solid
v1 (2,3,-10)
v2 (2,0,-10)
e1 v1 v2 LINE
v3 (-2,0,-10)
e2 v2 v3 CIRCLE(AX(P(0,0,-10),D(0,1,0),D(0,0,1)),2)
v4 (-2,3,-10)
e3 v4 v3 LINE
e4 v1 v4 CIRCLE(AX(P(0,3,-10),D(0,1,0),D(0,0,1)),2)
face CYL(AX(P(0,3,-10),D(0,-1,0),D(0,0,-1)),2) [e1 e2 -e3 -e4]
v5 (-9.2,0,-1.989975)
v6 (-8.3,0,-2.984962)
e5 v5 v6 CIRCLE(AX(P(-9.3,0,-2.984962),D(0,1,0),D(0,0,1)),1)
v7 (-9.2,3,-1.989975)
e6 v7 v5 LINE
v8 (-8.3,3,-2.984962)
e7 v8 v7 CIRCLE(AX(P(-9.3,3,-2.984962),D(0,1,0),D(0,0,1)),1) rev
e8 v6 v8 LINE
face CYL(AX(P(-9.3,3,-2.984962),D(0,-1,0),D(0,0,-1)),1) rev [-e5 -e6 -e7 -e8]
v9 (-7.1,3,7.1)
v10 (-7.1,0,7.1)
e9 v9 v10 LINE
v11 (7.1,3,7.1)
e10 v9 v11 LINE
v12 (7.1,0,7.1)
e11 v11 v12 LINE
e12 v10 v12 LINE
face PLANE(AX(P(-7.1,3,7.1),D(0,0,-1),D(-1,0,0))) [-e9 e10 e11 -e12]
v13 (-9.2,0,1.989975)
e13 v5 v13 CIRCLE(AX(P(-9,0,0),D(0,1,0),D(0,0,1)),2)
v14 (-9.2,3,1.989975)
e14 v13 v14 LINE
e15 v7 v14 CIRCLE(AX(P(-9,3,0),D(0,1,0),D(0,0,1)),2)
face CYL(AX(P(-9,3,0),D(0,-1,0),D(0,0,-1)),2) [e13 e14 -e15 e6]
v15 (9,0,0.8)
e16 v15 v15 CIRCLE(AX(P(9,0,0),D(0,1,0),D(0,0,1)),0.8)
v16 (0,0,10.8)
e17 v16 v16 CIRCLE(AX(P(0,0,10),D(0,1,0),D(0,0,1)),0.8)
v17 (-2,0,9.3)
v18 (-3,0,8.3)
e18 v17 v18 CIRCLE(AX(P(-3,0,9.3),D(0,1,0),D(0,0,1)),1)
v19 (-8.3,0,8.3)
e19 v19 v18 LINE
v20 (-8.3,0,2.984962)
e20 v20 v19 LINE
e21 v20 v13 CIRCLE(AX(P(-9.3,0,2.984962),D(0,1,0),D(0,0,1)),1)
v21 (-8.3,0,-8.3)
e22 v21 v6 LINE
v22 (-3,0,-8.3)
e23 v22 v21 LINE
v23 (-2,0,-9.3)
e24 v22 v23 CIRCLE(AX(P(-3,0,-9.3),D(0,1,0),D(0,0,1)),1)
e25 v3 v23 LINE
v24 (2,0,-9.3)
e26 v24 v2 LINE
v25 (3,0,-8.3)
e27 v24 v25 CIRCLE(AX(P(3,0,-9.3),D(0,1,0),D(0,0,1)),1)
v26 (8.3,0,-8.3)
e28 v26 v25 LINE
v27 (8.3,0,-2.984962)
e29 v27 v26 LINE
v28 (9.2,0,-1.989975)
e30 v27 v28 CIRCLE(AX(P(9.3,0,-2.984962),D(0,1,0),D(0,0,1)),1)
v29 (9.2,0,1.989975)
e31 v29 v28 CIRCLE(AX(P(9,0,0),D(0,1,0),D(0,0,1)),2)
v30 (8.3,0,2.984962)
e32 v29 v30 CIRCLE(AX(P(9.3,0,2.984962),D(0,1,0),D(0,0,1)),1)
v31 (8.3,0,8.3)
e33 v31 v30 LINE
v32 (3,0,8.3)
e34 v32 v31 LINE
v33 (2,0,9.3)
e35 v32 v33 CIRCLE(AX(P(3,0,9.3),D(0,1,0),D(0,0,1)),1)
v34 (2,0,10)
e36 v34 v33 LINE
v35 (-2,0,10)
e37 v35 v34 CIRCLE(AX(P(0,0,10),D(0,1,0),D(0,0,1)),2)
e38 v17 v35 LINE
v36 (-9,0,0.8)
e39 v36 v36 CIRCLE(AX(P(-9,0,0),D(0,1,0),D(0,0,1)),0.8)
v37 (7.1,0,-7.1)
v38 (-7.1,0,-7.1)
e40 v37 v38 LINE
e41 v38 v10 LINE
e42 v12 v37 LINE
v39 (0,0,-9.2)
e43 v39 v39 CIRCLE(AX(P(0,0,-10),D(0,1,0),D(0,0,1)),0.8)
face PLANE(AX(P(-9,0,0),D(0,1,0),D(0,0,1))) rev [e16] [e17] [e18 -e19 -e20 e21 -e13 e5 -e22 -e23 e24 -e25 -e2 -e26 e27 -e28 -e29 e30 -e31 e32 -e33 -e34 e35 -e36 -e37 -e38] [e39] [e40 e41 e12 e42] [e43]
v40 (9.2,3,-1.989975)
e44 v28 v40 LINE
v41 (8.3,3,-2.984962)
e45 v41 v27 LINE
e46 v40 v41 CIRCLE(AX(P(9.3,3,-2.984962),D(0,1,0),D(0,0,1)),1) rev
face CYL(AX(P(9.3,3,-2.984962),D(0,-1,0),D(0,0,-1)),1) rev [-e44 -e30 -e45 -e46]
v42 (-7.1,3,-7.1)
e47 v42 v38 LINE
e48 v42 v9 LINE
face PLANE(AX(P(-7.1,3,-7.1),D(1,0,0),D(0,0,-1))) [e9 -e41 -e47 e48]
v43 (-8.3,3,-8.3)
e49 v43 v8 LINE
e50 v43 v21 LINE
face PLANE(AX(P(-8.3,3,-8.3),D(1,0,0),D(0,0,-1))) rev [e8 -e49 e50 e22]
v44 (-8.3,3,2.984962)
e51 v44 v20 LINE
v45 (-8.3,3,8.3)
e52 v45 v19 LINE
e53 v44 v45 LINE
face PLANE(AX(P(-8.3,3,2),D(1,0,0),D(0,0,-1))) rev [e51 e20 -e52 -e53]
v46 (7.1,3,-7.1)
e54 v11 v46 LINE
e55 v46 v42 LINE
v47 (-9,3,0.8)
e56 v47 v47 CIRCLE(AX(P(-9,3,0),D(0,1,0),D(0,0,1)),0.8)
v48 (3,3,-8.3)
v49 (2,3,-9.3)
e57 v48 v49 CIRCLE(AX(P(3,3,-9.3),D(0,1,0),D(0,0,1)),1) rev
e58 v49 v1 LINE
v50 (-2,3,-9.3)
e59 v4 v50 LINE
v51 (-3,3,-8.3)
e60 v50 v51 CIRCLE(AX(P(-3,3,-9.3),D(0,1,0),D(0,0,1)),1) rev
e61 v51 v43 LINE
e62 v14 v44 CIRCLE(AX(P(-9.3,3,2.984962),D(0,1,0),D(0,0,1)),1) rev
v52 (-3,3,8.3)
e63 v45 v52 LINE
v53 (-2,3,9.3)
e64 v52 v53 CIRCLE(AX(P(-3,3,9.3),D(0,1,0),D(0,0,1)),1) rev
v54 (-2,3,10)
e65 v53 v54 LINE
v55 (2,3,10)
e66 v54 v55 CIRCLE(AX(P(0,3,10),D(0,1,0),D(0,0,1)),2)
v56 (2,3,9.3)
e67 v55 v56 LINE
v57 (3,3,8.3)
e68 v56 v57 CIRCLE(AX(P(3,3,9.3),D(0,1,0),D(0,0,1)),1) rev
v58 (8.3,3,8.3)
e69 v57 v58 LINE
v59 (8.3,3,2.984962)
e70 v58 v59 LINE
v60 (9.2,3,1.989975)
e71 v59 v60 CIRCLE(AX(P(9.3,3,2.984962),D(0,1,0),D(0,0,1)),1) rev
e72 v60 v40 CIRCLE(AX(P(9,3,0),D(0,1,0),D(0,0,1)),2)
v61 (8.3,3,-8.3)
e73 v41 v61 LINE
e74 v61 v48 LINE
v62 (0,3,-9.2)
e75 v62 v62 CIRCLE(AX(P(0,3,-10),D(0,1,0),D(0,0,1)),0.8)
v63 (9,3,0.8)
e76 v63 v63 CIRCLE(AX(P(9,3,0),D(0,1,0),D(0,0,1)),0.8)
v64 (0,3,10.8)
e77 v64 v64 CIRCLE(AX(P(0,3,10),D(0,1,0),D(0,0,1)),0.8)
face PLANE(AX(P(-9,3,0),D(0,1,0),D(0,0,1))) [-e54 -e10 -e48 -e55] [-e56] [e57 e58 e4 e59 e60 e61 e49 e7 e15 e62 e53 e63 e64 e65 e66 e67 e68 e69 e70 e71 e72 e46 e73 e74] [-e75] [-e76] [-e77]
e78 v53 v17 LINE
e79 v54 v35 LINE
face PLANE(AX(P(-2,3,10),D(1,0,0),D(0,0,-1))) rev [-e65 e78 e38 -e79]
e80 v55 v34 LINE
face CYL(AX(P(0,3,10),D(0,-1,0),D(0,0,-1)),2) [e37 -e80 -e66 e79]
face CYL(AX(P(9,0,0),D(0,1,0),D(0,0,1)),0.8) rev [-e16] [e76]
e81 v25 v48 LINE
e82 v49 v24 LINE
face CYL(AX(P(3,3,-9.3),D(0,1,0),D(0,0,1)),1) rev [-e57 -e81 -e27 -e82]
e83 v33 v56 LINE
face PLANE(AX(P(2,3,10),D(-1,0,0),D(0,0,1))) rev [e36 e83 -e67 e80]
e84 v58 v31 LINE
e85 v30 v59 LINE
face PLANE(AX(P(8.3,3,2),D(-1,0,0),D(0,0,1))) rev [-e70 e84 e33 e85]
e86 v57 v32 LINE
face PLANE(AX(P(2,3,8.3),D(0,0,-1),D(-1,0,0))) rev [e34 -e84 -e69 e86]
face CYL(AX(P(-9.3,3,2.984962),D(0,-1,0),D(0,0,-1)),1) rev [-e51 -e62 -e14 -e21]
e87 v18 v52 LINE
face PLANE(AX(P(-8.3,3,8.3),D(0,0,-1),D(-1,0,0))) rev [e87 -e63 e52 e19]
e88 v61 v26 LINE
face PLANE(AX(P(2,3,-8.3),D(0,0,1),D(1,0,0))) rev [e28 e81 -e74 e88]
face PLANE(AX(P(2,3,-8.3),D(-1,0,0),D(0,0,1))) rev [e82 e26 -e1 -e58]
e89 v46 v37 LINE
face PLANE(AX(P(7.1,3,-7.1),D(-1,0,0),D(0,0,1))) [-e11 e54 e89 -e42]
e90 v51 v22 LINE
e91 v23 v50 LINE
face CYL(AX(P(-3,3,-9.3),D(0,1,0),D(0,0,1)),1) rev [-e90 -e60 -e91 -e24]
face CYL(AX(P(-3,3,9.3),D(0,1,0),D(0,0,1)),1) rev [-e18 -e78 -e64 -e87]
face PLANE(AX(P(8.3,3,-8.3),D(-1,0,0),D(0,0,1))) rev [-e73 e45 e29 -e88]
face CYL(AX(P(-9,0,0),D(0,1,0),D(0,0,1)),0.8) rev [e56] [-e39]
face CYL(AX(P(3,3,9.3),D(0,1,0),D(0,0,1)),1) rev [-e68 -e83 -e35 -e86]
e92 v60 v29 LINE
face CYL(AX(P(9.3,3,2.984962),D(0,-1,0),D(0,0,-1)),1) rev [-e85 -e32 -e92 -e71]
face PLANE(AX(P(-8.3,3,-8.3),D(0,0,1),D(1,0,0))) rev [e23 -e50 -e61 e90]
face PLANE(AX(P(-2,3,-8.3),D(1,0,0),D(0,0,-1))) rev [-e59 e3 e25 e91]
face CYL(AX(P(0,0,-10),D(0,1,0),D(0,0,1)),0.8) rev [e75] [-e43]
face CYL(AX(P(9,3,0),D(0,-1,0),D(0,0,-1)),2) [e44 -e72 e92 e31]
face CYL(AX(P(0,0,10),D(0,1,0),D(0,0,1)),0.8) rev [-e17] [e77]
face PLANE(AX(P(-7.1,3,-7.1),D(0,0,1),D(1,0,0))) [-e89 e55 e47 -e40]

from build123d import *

# Parameters (mm, degrees)
SKETCH1_W           = 14.2
SKETCH1_H           = 14.2
BOSS_EXTRUDE1_DEPTH = 3
SKETCH2_R           = 0.8
CUT_EXTRUDE1_DEPTH  = 17.552945357
FILLET1_R           = 1


with BuildPart() as part:
    # Sketch1 → Boss-Extrude1 (new body)
    with BuildSketch(Plane(origin=(0, 0, 0), x_dir=(1, 0, 0), z_dir=(0, 1, 0))):
        with BuildLine():
            Line((-9, 2), (-8.3, 2))
            Line((-8.3, 2), (-8.3, 8.3))
            Line((-8.3, 8.3), (-2, 8.3))
            Line((-2, 8.3), (-2, 10))
            ThreePointArc((-2, 10), (0, 12), (2, 10))
            Line((2, 10), (2, 8.3))
            Line((2, 8.3), (8.3, 8.3))
            Line((8.3, 8.3), (8.3, 2))
            Line((8.3, 2), (9, 2))
            ThreePointArc((9, 2), (11, 0), (9, -2))
            Line((9, -2), (8.3, -2))
            Line((8.3, -2), (8.3, -8.3))
            Line((8.3, -8.3), (2, -8.3))
            Line((2, -8.3), (2, -10))
            ThreePointArc((2, -10), (0, -12), (-2, -10))
            Line((-2, -10), (-2, -8.3))
            Line((-2, -8.3), (-8.3, -8.3))
            Line((-8.3, -8.3), (-8.3, -2))
            Line((-8.3, -2), (-9, -2))
            ThreePointArc((-9, -2), (-11, 0), (-9, 2))
        make_face()
        Rectangle(SKETCH1_W, SKETCH1_H, mode=Mode.SUBTRACT)
    extrude(amount=BOSS_EXTRUDE1_DEPTH)

    # Sketch2 → Cut-Extrude1 (cut, through all)
    with BuildSketch(Plane(origin=(0, 3, 0), x_dir=(1, 0, 0), z_dir=(0, 1, 0))):
        with Locations(Location((0, 10, 0), (0, 0, 270))):
            Circle(SKETCH2_R)
        with Locations(Location((9, 0, 0), (0, 0, 270))):
            Circle(SKETCH2_R)
        with Locations(Location((0, -10, 0), (0, 0, 270))):
            Circle(SKETCH2_R)
        with Locations(Location((-9, 0, 0), (0, 0, 270))):
            Circle(SKETCH2_R)
    extrude(amount=-CUT_EXTRUDE1_DEPTH, mode=Mode.SUBTRACT)

    # Fillet1
    fillet1_edges = [part.edges().sort_by_distance(p)[0] for p in [
        (-2, 1.5, 8.3),
        (2, 1.5, 8.3),
        (8.3, 1.5, 2),
        (8.3, 1.5, -2),
        (2, 1.5, -8.3),
        (-2, 1.5, -8.3),
        (-8.3, 1.5, -2),
        (-8.3, 1.5, 2),
    ]]
    fillet(fillet1_edges, radius=FILLET1_R)


solid = part.part
